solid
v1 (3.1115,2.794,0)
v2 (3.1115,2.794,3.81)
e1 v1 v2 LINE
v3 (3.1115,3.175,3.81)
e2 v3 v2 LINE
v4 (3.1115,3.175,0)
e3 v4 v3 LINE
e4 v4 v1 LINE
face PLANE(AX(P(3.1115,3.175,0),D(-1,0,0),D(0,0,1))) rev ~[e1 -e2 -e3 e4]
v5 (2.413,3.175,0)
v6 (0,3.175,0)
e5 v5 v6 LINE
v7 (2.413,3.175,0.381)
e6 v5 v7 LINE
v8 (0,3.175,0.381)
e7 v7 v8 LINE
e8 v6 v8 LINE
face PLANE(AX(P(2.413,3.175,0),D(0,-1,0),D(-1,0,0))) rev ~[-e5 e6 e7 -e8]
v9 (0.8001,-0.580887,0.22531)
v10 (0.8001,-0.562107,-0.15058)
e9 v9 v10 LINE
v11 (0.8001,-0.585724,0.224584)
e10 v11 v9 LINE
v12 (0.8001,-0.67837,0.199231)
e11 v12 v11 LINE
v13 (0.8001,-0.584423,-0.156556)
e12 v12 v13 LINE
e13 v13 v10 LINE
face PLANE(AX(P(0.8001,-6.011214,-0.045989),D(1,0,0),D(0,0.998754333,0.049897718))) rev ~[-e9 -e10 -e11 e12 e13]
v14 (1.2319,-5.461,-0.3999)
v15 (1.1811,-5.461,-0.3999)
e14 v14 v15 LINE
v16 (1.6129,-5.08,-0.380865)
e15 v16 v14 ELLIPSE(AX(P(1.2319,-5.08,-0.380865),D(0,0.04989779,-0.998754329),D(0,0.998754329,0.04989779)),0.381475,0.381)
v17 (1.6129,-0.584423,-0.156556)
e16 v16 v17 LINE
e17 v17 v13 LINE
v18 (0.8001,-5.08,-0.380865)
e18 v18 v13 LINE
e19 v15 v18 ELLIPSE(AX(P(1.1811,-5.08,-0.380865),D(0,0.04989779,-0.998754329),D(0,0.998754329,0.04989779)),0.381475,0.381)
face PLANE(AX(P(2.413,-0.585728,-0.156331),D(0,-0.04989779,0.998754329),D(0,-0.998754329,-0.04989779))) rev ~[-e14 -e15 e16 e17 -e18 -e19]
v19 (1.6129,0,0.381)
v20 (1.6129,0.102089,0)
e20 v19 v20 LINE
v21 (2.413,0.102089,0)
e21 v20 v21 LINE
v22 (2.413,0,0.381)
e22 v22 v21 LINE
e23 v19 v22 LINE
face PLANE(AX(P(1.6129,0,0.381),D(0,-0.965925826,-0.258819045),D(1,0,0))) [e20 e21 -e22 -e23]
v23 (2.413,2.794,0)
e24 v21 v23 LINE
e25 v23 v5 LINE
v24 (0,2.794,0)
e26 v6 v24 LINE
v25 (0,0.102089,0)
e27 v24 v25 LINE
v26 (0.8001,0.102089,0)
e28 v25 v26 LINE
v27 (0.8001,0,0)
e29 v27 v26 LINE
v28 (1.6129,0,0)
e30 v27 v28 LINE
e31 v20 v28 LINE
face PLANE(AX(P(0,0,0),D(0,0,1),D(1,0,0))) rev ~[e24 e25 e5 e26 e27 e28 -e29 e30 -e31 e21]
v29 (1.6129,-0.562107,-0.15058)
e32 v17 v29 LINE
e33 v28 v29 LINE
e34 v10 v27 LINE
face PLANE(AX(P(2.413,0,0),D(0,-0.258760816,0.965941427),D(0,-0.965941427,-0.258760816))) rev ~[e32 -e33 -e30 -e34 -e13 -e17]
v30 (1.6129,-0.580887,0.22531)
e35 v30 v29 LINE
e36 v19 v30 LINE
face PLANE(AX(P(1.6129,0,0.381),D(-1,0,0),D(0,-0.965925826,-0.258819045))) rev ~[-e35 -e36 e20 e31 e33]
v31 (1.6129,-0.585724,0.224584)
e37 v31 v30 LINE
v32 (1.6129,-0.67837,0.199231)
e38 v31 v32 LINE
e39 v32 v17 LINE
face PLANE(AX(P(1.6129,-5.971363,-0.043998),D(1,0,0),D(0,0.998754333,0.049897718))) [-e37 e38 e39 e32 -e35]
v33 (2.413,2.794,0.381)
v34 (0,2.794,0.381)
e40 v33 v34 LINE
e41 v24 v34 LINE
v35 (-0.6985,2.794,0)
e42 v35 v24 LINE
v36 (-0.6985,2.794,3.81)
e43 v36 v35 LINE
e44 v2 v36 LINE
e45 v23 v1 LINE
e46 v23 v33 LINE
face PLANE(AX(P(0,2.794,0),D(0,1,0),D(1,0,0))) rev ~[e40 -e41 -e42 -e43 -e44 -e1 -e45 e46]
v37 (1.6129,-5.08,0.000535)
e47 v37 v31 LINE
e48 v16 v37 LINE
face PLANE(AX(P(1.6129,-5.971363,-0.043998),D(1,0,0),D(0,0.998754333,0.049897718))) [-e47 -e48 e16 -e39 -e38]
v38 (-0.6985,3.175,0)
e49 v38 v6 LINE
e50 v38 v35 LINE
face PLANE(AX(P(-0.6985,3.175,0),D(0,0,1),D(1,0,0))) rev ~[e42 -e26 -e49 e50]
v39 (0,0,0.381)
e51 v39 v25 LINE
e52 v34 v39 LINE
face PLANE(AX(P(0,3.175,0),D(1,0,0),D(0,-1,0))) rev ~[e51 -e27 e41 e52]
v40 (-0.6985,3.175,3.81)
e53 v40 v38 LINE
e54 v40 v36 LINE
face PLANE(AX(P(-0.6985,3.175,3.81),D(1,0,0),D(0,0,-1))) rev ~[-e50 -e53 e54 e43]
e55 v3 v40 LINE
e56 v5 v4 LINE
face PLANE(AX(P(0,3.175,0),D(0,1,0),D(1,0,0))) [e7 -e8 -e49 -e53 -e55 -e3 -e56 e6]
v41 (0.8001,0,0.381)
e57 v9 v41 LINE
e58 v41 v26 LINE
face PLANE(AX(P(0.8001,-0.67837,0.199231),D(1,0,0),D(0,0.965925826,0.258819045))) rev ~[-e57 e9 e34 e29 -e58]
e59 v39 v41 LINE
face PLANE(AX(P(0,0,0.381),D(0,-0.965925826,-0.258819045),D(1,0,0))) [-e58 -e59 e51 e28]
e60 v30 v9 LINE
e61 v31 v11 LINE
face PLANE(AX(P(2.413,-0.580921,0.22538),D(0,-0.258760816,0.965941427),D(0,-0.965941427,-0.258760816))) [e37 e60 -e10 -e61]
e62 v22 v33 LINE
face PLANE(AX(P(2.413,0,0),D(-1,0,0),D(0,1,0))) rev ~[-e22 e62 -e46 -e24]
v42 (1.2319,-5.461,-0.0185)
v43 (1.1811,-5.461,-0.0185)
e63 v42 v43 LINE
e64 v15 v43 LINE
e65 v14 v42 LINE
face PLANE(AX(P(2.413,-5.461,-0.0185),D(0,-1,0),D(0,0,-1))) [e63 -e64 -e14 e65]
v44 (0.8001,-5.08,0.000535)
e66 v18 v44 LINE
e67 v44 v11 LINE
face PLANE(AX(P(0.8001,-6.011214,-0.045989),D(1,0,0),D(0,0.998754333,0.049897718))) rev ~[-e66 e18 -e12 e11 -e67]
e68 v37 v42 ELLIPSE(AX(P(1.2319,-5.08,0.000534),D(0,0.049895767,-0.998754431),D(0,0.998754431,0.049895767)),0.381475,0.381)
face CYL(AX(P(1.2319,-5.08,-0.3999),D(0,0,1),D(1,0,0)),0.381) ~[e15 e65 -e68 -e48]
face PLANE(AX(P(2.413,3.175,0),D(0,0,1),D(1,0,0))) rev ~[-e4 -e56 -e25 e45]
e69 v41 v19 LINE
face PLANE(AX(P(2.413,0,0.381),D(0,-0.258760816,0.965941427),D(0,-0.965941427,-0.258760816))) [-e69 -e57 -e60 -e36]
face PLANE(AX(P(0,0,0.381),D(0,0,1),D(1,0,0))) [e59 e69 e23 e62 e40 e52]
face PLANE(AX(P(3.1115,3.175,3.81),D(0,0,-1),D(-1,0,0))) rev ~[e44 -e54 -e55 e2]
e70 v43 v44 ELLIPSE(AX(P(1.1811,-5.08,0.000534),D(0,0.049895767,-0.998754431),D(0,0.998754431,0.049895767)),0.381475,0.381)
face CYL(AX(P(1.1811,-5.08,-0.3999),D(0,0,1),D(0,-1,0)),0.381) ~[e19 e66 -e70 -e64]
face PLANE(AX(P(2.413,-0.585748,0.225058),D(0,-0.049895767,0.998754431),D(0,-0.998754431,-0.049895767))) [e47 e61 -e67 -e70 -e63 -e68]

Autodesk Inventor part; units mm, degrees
ref_plane "YZ Plane" through (0, 0, 0) normal (1, 0, 0) x (0, 1, 0)
ref_plane "XZ Plane" through (0, 0, 0) normal (0, 1, 0) x (-1, 0, 0)
ref_plane "XY Plane" through (0, 0, 0) normal (0, 0, 1) x (1, 0, 0)
sketch "Sketch1" plane through (0, 0, 0) normal (0, 0, 1) x (1, 0, 0)
  line L0 (0, 0) -> (2.413, 0)
  line L1 (2.413, 0) -> (2.413, 3.175)
  line L2 (2.413, 3.175) -> (0, 3.175)
  line L3 (0, 3.175) -> (0, 0)
  dimension "d0" = 2.413
  dimension "d1" = 3.175
extrude "Extrusion1" add sketch "Sketch1" along normal blind 0.381
sketch "Sketch2" plane through (2.413, 0, 0) normal (1, 0, 0) x (0, 0, -1)
  line L0 (0, 3.175) -> (-0.381, 3.175) projected
  line L1 (0, 0) -> (-0.381, 0) projected
  line L2 (-0.381, 0) -> (-0.2241, -0.5857)
  line L3 (0, 0) -> (0.1569, -0.5857)
  line L4 (-0.2253, -0.5809) -> (0.0185, -5.461)
  line L5 (0.1562, -0.5831) -> (0.3999, -5.461)
  line L6 (-0.381, 0) -> (-0.381, 3.175) projected
  line L7 (0.0185, -5.461) -> (0.3999, -5.461)
  dimension "d5" = 0.381
  dimension "d6" = 8.636
extrude "Extrusion2" add sketch "Sketch2" against normal up to surface (2.413 mm away)
sketch "Sketch3" plane through (2.413, -5.461, -0.0185) normal (0, -0.0499, 0.9988) x (1, 0, 0)
  line L0 (-2.413, 4.8862) -> (-2.413, 0) projected
  line L1 (0, 4.8862) -> (-2.413, 4.8862) projected
  line L2 (-2.413, 5.4741) -> (0, 5.4741) projected
  line L3 (-2.413, -0.5509) -> (-1.6129, -0.5509)
  line L4 (-1.6129, -0.5509) -> (-1.6129, 4.8862)
  line L5 (-1.6129, 5.4741) -> (-2.413, 5.4741)
  line L6 (-2.413, 4.8862) -> (-2.413, -0.5509)
  line L7 (-0.4584, 5.4741) -> (0, 5.4741)
  line L8 (0, 5.4741) -> (0, 0)
  line L9 (-0.8001, -0.511) -> (0, -0.511)
  line L10 (-0.8001, -0.511) -> (-0.8001, 4.8862)
  line L11 (0, 4.8862) -> (0, -0.511)
  line L12 (-0.8001, 4.8862) -> (0, 4.8862)
  line L13 (-1.6129, 4.8862) -> (-2.413, 4.8862)
  point P0 (-2.413, 5.4551)
  dimension "d9" = 0.8128
  dimension "d10" = 2.413
  dimension "d11" = 0.8001
extrude "Extrusion3" cut sketch "Sketch3" against normal through all
sketch "Sketch4" plane through (0, 0, 0.381) normal (0, -0.2588, 0.9659) x (1, 0, 0)
  line L0 (0, 0) -> (2.413, 0) projected
  line L1 (1.6129, -0.7023) -> (2.413, -0.7023)
  line L2 (2.413, -0.7023) -> (2.413, 0)
  line L3 (2.413, 0) -> (1.6129, 0)
  line L4 (1.6129, 0) -> (1.6129, -0.7023)
  line L5 (0, -0.7023) -> (0.8001, -0.7023)
  line L6 (0.8001, -0.7023) -> (0.8001, 0)
  line L7 (0.8001, 0) -> (0, 0)
  line L8 (0, 0) -> (0, -0.7023)
  point P0 (0, -0.0986)
extrude "Extrusion4" cut sketch "Sketch4" against normal through all
sketch "Sketch5" plane through (0, 3.175, 0) normal (0, 1, 0) x (1, 0, 0)
  line L0 (2.413, 0) -> (0, 0) projected
  line L1 (0, 0) -> (0, -0.381) projected
  line L2 (2.413, -0.381) -> (0, -0.381) projected
  line L3 (2.413, 0) -> (2.413, -0.381) projected
  line L4 (-0.6985, 0) -> (3.1115, 0)
  line L5 (3.1115, 0) -> (3.1115, -3.81)
  line L6 (3.1115, -3.81) -> (-0.6985, -3.81)
  line L7 (-0.6985, -3.81) -> (-0.6985, 0)
  dimension "d16" = 3.81
  dimension "d17" = 3.81
  dimension "d18" = 2.413
  dimension "d19" = 0.6985
extrude "Extrusion5" add sketch "Sketch5" against normal blind 0.381 contours L4 L5 L6 L7 L1 L2 L3
fillet "Fillet1" radius 0.381 2 edges at (0.8001, -5.461, -0.2092) (1.6129, -5.461, -0.2092)
equation "\"d11\" = -0.5 * d9 + 0.5 * d10"
equation "\"d19\" = -0.5 * d18 + 0.5 * d16"
properties part number "pin_2"
